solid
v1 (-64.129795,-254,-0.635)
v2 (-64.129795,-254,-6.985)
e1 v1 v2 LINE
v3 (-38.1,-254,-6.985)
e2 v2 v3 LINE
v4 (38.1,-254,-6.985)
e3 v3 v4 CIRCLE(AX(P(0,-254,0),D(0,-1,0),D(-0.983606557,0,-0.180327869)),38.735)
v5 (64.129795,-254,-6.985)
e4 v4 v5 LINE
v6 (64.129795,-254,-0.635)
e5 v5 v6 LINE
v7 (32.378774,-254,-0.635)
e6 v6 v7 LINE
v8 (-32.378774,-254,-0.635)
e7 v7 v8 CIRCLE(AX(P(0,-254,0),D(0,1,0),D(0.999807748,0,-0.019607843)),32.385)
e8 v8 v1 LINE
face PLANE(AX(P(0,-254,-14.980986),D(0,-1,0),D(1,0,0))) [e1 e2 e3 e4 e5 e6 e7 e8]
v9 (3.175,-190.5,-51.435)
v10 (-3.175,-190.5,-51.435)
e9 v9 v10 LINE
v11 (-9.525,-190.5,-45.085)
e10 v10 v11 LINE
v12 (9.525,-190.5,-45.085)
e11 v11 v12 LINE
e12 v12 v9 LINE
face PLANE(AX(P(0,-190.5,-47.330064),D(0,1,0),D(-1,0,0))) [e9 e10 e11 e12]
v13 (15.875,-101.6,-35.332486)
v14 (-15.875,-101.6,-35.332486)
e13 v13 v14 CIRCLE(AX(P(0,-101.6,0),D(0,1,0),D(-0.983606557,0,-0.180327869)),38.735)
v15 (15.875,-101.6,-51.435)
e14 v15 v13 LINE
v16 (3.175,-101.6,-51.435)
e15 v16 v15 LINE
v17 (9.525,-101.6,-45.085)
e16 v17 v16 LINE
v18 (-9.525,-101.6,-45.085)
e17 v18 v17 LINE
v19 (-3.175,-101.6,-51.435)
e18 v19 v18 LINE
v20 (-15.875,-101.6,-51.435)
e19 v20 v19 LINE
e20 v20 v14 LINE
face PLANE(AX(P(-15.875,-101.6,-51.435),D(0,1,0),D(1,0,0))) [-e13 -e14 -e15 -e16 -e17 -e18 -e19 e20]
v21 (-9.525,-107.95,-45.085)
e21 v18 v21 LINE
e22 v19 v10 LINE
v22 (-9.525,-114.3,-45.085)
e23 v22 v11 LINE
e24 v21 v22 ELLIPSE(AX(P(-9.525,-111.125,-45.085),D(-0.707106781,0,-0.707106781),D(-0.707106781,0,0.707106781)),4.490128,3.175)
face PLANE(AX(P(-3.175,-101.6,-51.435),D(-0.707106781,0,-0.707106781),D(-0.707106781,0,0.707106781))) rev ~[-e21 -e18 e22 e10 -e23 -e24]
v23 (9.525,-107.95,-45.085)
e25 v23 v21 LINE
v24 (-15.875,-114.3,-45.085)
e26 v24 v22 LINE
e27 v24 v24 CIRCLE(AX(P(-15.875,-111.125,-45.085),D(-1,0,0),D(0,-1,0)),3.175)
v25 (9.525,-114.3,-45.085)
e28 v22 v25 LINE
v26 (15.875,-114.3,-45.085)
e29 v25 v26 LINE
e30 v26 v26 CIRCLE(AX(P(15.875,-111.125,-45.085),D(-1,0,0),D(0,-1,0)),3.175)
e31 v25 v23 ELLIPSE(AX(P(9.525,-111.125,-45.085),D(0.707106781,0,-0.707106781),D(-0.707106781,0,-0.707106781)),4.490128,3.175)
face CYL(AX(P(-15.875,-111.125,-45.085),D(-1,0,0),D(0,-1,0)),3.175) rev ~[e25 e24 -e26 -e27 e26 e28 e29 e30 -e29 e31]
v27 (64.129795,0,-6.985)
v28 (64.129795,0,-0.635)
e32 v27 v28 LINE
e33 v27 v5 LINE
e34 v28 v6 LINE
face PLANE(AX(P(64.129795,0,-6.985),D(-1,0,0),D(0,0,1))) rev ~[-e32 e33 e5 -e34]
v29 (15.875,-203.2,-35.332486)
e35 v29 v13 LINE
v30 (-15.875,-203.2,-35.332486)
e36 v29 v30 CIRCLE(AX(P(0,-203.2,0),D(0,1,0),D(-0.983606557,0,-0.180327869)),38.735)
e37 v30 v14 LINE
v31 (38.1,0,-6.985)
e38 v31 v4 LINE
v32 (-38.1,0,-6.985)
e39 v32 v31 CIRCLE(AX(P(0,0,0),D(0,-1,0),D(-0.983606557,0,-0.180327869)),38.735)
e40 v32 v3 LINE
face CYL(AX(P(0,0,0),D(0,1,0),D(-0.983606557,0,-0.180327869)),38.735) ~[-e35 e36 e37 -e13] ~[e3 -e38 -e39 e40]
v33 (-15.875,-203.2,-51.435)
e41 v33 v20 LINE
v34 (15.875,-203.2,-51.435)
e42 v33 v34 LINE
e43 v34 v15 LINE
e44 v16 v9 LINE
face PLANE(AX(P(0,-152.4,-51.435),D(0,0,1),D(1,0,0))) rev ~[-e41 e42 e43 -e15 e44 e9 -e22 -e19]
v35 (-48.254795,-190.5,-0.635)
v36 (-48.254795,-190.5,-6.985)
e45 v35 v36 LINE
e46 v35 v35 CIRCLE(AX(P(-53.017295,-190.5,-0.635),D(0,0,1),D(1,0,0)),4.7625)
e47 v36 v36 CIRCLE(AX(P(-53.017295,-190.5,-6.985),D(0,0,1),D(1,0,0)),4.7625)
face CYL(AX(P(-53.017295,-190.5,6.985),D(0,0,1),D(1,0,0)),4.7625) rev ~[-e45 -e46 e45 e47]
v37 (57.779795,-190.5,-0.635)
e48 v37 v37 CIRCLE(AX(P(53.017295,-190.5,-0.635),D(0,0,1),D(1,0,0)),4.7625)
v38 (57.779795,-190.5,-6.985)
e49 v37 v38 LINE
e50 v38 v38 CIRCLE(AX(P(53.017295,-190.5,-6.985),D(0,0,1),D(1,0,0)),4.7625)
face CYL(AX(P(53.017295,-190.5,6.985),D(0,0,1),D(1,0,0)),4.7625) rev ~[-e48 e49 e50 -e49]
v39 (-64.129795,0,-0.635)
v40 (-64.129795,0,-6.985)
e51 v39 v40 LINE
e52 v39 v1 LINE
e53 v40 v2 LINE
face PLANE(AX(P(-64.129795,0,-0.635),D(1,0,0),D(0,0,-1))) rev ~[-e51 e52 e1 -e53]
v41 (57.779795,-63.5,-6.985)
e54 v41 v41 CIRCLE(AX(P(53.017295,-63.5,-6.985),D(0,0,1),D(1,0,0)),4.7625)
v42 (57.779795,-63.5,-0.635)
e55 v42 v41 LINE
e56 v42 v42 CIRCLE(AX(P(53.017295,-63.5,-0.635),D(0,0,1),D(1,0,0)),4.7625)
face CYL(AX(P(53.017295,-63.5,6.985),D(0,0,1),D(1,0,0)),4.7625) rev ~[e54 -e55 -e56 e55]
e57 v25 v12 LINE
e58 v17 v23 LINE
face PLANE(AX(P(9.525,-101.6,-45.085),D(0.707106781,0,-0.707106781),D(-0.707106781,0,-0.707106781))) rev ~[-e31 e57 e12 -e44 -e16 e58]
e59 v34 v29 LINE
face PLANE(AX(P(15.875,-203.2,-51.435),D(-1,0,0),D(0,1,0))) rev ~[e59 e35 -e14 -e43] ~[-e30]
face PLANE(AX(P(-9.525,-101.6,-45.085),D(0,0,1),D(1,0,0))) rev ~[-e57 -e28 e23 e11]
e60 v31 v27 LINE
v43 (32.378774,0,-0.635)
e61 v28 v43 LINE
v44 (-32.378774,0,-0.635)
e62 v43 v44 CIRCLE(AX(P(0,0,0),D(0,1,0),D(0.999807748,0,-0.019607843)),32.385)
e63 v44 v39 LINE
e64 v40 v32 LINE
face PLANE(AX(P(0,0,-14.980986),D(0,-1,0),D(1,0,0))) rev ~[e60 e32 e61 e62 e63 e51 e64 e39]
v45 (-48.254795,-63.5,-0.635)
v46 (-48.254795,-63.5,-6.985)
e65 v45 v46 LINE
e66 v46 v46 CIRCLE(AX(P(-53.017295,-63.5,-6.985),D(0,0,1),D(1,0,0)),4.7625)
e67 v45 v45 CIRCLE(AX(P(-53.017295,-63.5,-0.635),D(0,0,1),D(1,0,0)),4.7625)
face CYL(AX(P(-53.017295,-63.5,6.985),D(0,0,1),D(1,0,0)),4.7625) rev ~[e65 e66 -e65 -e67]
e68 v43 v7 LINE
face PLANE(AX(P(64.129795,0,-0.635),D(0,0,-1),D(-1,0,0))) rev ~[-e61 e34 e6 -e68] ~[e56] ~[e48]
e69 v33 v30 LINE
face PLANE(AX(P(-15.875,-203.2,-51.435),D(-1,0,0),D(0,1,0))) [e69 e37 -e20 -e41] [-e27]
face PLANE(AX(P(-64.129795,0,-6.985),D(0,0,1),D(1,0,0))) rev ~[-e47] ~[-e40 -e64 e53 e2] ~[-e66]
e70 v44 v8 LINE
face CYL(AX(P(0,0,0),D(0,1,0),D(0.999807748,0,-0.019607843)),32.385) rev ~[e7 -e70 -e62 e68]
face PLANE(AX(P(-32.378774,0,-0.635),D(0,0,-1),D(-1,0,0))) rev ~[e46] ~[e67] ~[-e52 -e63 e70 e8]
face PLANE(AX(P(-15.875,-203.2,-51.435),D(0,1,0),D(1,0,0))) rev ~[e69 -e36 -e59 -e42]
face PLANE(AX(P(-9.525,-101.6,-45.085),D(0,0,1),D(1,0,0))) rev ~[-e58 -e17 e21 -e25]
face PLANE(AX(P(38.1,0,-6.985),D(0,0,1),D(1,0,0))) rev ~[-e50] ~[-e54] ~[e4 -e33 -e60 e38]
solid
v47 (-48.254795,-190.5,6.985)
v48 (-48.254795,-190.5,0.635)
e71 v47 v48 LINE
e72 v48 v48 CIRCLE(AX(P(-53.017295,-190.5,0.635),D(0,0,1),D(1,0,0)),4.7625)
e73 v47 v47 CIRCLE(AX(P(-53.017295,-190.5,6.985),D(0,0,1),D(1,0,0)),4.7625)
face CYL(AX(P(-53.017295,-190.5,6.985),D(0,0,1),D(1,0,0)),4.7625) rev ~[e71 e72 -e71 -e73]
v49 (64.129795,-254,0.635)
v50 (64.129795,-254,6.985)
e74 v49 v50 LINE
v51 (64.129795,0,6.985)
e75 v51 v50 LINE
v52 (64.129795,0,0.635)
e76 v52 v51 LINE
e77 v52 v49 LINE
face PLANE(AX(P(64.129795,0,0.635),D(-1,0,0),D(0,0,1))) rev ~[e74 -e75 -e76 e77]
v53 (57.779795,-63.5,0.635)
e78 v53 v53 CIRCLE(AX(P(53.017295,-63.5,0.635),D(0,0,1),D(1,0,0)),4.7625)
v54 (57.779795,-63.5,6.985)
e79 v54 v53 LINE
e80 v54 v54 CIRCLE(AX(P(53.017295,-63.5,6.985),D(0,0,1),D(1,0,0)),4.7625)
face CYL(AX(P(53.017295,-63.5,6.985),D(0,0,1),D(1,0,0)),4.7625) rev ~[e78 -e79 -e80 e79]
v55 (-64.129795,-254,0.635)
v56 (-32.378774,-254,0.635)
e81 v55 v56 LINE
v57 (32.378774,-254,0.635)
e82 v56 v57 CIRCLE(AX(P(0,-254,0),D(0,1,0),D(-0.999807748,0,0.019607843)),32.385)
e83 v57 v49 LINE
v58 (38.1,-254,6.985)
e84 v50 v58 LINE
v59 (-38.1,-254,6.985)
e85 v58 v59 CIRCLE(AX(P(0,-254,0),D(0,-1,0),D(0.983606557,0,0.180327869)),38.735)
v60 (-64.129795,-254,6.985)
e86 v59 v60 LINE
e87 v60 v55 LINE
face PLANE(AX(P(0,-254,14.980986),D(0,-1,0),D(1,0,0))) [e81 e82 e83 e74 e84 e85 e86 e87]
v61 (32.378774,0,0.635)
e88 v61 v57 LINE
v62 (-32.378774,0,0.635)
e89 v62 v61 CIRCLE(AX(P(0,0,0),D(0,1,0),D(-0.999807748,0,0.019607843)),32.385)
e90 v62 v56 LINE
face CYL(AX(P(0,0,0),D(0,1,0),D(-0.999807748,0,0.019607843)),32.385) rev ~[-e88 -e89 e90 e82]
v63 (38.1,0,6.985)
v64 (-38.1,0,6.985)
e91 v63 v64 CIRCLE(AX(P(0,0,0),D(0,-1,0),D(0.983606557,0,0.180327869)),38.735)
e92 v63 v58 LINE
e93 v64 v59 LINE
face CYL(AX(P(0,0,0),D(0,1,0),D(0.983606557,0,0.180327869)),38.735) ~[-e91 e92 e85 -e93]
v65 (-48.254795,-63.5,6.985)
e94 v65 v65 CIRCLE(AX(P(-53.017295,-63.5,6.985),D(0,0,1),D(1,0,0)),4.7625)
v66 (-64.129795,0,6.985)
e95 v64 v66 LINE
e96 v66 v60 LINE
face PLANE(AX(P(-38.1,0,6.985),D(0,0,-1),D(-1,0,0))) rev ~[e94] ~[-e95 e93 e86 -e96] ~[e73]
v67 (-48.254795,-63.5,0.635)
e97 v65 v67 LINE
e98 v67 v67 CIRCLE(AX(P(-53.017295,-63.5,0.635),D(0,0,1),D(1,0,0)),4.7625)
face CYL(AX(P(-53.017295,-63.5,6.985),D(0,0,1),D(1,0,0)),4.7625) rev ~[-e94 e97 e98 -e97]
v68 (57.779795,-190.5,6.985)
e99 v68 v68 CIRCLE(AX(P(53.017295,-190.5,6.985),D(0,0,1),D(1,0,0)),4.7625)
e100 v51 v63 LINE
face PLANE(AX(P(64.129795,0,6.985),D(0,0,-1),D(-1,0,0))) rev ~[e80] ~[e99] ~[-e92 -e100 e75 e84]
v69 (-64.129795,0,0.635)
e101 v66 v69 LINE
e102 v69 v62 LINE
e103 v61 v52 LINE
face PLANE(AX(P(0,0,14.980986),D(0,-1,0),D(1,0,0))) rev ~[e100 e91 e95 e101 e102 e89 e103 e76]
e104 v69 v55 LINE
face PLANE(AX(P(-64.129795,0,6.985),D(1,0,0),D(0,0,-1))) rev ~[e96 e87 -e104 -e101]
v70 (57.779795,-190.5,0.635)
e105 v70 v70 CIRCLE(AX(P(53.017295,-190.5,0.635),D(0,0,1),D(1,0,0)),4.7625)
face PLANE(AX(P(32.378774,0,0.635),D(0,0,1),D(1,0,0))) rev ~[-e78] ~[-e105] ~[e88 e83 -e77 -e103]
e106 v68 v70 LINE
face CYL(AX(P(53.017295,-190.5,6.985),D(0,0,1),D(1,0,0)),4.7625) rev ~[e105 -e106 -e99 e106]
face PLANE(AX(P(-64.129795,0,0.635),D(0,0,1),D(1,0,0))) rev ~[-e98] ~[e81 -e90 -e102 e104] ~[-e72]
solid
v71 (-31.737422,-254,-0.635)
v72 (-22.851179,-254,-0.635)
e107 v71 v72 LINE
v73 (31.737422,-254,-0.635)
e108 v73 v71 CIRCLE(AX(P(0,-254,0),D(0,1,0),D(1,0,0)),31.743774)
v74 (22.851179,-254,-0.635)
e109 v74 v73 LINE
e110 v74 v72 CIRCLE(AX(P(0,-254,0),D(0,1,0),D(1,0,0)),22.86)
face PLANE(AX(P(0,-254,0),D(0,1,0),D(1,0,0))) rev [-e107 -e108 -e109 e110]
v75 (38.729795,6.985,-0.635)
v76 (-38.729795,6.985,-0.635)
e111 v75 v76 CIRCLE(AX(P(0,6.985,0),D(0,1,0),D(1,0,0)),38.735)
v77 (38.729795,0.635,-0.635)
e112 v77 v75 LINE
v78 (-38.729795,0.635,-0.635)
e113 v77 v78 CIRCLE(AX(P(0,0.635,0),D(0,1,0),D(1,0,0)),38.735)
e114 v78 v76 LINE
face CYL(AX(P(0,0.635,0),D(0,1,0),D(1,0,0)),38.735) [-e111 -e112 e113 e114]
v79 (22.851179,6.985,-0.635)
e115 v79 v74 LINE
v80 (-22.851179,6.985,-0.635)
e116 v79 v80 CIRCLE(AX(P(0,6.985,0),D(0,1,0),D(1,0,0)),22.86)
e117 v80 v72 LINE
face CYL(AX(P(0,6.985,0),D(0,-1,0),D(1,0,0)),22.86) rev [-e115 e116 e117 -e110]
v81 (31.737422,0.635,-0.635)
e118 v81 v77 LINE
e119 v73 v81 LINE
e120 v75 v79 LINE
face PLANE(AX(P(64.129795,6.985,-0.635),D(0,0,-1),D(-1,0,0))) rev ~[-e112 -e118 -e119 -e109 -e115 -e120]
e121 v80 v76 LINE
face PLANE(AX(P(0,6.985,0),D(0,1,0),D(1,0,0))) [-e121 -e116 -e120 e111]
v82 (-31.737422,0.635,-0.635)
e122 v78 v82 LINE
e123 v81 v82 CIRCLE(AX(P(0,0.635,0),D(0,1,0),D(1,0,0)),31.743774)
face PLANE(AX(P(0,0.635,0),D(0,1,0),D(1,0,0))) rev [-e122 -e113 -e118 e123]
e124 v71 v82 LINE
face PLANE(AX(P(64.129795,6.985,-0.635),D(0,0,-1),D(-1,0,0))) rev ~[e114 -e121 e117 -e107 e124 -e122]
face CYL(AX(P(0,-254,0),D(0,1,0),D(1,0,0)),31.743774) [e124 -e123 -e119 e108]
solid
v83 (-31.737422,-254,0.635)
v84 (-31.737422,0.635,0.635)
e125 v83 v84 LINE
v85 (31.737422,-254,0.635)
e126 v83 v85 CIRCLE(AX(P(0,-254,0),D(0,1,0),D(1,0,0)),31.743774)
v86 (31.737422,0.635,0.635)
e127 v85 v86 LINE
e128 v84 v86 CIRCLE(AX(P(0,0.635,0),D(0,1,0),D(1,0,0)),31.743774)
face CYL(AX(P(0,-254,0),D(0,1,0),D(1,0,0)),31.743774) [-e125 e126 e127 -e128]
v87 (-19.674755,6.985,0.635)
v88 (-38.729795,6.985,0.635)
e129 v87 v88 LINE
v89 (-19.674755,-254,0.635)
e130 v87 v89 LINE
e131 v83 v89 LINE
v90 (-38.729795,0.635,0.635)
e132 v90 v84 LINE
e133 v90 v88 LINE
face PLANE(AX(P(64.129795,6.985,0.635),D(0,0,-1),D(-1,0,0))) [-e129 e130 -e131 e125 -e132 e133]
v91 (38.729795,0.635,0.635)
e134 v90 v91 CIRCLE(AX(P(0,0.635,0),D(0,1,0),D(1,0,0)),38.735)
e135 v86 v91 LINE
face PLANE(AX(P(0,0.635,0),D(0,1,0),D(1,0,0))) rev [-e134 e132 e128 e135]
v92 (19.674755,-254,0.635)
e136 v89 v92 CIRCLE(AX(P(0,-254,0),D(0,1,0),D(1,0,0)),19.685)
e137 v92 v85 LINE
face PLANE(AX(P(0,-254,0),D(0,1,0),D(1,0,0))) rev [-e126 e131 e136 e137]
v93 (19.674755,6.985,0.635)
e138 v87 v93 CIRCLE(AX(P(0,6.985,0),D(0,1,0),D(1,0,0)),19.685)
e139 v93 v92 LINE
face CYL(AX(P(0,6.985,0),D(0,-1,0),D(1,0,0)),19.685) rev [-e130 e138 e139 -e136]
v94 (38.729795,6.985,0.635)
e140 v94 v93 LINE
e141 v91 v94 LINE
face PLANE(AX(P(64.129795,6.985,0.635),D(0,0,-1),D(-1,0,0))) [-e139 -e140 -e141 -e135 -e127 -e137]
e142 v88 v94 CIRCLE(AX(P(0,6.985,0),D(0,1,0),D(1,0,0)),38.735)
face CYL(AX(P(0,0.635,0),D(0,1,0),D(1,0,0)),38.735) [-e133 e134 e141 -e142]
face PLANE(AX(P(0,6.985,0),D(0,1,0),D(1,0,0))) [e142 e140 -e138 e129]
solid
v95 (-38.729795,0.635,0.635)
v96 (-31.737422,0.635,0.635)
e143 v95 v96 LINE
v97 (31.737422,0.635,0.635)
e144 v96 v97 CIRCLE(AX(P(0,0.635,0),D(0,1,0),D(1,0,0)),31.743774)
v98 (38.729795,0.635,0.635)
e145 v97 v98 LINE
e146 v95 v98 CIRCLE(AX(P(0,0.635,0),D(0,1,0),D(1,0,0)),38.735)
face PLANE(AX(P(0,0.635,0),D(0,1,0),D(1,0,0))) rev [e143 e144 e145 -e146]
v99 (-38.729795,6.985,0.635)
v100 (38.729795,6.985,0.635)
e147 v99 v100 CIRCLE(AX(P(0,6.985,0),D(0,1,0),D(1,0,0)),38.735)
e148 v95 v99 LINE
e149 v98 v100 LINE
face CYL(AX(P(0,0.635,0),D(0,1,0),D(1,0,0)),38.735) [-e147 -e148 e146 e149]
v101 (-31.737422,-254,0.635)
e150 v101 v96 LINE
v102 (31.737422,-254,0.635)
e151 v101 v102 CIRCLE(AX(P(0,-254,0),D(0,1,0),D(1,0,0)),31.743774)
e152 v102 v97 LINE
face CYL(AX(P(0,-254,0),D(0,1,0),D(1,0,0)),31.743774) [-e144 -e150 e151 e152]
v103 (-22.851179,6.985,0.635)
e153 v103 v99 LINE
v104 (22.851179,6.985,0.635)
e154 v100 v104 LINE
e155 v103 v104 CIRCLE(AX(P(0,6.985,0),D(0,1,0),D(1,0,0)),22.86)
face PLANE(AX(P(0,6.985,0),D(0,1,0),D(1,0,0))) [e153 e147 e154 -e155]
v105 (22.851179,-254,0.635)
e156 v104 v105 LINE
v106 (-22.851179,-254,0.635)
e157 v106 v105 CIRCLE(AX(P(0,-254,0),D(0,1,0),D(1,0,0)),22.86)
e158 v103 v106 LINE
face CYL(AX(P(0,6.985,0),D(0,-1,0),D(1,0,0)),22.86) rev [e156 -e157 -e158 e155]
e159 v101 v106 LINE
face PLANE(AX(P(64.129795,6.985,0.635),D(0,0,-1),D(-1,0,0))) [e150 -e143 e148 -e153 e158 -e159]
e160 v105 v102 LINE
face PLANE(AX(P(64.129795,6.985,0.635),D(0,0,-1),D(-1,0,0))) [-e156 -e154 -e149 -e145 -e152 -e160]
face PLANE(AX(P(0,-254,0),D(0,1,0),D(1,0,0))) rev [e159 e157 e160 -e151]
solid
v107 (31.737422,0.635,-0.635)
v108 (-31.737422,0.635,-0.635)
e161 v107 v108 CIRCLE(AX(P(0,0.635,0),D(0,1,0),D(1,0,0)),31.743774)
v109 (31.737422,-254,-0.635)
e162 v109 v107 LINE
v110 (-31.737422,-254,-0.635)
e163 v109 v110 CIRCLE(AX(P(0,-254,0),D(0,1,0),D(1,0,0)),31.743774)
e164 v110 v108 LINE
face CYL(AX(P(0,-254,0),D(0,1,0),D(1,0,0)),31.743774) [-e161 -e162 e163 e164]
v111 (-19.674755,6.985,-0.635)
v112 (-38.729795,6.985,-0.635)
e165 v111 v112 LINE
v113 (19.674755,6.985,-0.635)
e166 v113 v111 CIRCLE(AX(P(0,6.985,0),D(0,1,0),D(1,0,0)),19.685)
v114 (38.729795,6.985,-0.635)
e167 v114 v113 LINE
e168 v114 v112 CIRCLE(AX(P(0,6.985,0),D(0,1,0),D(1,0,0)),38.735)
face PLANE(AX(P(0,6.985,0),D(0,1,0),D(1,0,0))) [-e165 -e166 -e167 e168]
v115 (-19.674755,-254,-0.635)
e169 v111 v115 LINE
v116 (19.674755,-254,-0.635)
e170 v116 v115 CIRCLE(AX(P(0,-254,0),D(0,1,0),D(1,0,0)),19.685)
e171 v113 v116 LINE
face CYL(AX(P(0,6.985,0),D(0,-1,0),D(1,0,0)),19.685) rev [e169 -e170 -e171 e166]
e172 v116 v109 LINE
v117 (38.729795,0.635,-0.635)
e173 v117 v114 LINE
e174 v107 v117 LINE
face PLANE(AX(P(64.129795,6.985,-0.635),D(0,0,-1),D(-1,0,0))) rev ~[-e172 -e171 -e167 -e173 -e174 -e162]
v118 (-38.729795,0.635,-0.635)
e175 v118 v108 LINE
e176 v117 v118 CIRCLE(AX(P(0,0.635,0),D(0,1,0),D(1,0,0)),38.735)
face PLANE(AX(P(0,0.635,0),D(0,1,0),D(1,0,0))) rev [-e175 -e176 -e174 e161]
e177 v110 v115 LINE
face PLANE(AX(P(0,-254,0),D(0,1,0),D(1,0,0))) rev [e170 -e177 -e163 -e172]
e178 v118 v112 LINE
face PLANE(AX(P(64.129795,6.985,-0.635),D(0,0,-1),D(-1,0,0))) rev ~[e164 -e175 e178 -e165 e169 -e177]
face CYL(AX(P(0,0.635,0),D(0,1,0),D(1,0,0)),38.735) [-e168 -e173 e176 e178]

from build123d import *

# Parameters (mm, degrees)
F1_DEPTH  = 254
F3_W      = 31.75
F3_H      = 101.6
F6_DEPTH  = 88.9
F7_R      = 3.175
F8_DEPTH  = 80.0057947322
F9_R      = 4.7625
F10_DEPTH = 58.421
F15_W     = 128.2595894644
F15_H     = 1.27
F16_DEPTH = 260.986
F17_W     = 128.2595894644
F17_H     = 1.27
F18_DEPTH = 260.986


with BuildPart() as f1:
    # F0 (on Front) → F1 (new body)
    with BuildSketch(Plane.XZ):
        with BuildLine():
            ThreePointArc((32.3787739113, -0.635), (0, -32.385), (-32.3787739113, -0.635))
            Line((-32.3787739113, -0.635), (-38.7297947322, -0.635))
            Line((-38.7297947322, -0.635), (-64.1297947322, -0.635))
            Line((-64.1297947322, -0.635), (-64.1297947322, -6.985))
            Line((-64.1297947322, -6.985), (-38.1, -6.985))
            ThreePointArc((-38.1, -6.985), (0, -38.735), (38.1, -6.985))
            Line((38.1, -6.985), (64.1297947322, -6.985))
            Line((64.1297947322, -6.985), (64.1297947322, -0.635))
            Line((64.1297947322, -0.635), (38.7297947322, -0.635))
            Line((38.7297947322, -0.635), (32.3787739113, -0.635))
        make_face()
    extrude(amount=F1_DEPTH)

    # F3 (on offset) → F4 (join, up to the next surface of F1)
    with BuildSketch(Plane.XY.offset(-51.435)):
        with Locations((0, -152.4)):
            Rectangle(F3_W, F3_H)
    extrude(until=Until.NEXT)

    # F5 (on face) → F6 (cut)
    with BuildSketch(Plane(origin=(0, -101.6, 0), x_dir=(-1, 0, 0), z_dir=(0, 1, 0))):
        Polygon((-3.175, -51.435), (0, -51.435), (3.175, -51.435), (9.525, -45.085), (0, -45.085), (-9.525, -45.085), align=None)
    extrude(amount=-F6_DEPTH, mode=Mode.SUBTRACT)

    # F7 (on face) → F8 (cut, through all)
    with BuildSketch(Plane(origin=(-15.875, 0, 0), x_dir=(0, -1, 0), z_dir=(-1, 0, 0))):
        with Locations((111.125, -45.085)):
            Circle(F7_R)
    extrude(amount=-F8_DEPTH, mode=Mode.SUBTRACT)


with BuildPart() as f1b:
    # F0 (on Front) → F1, piece 2 (new body)
    with BuildSketch(Plane.XZ):
        with BuildLine():
            Line((-64.1297947322, 0.635), (-38.7297947322, 0.635))
            Line((-38.7297947322, 0.635), (-32.3787739113, 0.635))
            ThreePointArc((-32.3787739113, 0.635), (0, 32.385), (32.3787739113, 0.635))
            Line((32.3787739113, 0.635), (38.7297947322, 0.635))
            Line((38.7297947322, 0.635), (64.1297947322, 0.635))
            Line((64.1297947322, 0.635), (64.1297947322, 6.985))
            Line((64.1297947322, 6.985), (38.1, 6.985))
            ThreePointArc((38.1, 6.985), (0, 38.735), (-38.1, 6.985))
            Line((-38.1, 6.985), (-64.1297947322, 6.985))
            Line((-64.1297947322, 6.985), (-64.1297947322, 0.635))
        make_face()
    extrude(amount=F1_DEPTH)


with BuildPart() as f10_tool:
    # F9 (on face) → F10 (new body, through all)
    with BuildSketch(Plane.XY.offset(6.985)):
        with Locations((53.0172947322, -190.5)):
            Circle(F9_R)
        with Locations((53.0172947322, -63.5)):
            Circle(F9_R)
        with Locations((-53.0172947322, -190.5)):
            Circle(F9_R)
        with Locations((-53.0172947322, -63.5)):
            Circle(F9_R)
    extrude(amount=-F10_DEPTH)


with BuildPart() as f1_1:
    add(f1.part)

    # F10: cut by f10_tool
    add(f10_tool.part, mode=Mode.SUBTRACT)

    # F17 (on face) → F18 (cut, through all)
    with BuildSketch(Plane(origin=(0, 6.985, 0), x_dir=(-1, 0, 0), z_dir=(0, 1, 0))):
        Rectangle(F17_W, F17_H)
    extrude(amount=-F18_DEPTH, mode=Mode.SUBTRACT)


with BuildPart() as f1b_1:
    add(f1b.part)

    # F10: cut by f10_tool
    add(f10_tool.part, mode=Mode.SUBTRACT)


with BuildPart() as f12:
    # F11 (on Top) → F12 (revolve)
    with BuildSketch(Plane.XY):
        Polygon((38.735, 6.985), (22.86, 6.985), (22.86, -123.5075), (22.86, -254), (31.7437739113, -254), (31.7437739113, -123.5075), (31.7437739113, 0.635), (38.735, 0.635), align=None)
    revolve(axis=Axis((0, -123.5075, 0), (0, 1, 0)))


with BuildPart() as f14:
    # F13 (on Top) → F14 (revolve)
    with BuildSketch(Plane.XY):
        Polygon((38.735, 6.985), (19.685, 6.985), (19.685, -254), (31.7437739113, -254), (31.7437739113, 0.635), (38.735, 0.635), align=None)
    revolve(axis=Axis((0, -123.5075, 0), (0, 1, 0)))


with BuildPart() as f16_tool:
    # F15 (on face) → F16 (new body, through all)
    with BuildSketch(Plane(origin=(0, 6.985, 0), x_dir=(-1, 0, 0), z_dir=(0, 1, 0))):
        Rectangle(F15_W, F15_H)
    extrude(amount=-F16_DEPTH)


with BuildPart() as f12_1:
    add(f12.part)

    # F16: cut by f16_tool
    add(f16_tool.part, mode=Mode.SUBTRACT)


with BuildPart() as f14_1:
    add(f14.part)

    # F16: cut by f16_tool
    add(f16_tool.part, mode=Mode.SUBTRACT)


solid = Compound([f1_1.part, f1b_1.part, f12_1.part, f14_1.part])
